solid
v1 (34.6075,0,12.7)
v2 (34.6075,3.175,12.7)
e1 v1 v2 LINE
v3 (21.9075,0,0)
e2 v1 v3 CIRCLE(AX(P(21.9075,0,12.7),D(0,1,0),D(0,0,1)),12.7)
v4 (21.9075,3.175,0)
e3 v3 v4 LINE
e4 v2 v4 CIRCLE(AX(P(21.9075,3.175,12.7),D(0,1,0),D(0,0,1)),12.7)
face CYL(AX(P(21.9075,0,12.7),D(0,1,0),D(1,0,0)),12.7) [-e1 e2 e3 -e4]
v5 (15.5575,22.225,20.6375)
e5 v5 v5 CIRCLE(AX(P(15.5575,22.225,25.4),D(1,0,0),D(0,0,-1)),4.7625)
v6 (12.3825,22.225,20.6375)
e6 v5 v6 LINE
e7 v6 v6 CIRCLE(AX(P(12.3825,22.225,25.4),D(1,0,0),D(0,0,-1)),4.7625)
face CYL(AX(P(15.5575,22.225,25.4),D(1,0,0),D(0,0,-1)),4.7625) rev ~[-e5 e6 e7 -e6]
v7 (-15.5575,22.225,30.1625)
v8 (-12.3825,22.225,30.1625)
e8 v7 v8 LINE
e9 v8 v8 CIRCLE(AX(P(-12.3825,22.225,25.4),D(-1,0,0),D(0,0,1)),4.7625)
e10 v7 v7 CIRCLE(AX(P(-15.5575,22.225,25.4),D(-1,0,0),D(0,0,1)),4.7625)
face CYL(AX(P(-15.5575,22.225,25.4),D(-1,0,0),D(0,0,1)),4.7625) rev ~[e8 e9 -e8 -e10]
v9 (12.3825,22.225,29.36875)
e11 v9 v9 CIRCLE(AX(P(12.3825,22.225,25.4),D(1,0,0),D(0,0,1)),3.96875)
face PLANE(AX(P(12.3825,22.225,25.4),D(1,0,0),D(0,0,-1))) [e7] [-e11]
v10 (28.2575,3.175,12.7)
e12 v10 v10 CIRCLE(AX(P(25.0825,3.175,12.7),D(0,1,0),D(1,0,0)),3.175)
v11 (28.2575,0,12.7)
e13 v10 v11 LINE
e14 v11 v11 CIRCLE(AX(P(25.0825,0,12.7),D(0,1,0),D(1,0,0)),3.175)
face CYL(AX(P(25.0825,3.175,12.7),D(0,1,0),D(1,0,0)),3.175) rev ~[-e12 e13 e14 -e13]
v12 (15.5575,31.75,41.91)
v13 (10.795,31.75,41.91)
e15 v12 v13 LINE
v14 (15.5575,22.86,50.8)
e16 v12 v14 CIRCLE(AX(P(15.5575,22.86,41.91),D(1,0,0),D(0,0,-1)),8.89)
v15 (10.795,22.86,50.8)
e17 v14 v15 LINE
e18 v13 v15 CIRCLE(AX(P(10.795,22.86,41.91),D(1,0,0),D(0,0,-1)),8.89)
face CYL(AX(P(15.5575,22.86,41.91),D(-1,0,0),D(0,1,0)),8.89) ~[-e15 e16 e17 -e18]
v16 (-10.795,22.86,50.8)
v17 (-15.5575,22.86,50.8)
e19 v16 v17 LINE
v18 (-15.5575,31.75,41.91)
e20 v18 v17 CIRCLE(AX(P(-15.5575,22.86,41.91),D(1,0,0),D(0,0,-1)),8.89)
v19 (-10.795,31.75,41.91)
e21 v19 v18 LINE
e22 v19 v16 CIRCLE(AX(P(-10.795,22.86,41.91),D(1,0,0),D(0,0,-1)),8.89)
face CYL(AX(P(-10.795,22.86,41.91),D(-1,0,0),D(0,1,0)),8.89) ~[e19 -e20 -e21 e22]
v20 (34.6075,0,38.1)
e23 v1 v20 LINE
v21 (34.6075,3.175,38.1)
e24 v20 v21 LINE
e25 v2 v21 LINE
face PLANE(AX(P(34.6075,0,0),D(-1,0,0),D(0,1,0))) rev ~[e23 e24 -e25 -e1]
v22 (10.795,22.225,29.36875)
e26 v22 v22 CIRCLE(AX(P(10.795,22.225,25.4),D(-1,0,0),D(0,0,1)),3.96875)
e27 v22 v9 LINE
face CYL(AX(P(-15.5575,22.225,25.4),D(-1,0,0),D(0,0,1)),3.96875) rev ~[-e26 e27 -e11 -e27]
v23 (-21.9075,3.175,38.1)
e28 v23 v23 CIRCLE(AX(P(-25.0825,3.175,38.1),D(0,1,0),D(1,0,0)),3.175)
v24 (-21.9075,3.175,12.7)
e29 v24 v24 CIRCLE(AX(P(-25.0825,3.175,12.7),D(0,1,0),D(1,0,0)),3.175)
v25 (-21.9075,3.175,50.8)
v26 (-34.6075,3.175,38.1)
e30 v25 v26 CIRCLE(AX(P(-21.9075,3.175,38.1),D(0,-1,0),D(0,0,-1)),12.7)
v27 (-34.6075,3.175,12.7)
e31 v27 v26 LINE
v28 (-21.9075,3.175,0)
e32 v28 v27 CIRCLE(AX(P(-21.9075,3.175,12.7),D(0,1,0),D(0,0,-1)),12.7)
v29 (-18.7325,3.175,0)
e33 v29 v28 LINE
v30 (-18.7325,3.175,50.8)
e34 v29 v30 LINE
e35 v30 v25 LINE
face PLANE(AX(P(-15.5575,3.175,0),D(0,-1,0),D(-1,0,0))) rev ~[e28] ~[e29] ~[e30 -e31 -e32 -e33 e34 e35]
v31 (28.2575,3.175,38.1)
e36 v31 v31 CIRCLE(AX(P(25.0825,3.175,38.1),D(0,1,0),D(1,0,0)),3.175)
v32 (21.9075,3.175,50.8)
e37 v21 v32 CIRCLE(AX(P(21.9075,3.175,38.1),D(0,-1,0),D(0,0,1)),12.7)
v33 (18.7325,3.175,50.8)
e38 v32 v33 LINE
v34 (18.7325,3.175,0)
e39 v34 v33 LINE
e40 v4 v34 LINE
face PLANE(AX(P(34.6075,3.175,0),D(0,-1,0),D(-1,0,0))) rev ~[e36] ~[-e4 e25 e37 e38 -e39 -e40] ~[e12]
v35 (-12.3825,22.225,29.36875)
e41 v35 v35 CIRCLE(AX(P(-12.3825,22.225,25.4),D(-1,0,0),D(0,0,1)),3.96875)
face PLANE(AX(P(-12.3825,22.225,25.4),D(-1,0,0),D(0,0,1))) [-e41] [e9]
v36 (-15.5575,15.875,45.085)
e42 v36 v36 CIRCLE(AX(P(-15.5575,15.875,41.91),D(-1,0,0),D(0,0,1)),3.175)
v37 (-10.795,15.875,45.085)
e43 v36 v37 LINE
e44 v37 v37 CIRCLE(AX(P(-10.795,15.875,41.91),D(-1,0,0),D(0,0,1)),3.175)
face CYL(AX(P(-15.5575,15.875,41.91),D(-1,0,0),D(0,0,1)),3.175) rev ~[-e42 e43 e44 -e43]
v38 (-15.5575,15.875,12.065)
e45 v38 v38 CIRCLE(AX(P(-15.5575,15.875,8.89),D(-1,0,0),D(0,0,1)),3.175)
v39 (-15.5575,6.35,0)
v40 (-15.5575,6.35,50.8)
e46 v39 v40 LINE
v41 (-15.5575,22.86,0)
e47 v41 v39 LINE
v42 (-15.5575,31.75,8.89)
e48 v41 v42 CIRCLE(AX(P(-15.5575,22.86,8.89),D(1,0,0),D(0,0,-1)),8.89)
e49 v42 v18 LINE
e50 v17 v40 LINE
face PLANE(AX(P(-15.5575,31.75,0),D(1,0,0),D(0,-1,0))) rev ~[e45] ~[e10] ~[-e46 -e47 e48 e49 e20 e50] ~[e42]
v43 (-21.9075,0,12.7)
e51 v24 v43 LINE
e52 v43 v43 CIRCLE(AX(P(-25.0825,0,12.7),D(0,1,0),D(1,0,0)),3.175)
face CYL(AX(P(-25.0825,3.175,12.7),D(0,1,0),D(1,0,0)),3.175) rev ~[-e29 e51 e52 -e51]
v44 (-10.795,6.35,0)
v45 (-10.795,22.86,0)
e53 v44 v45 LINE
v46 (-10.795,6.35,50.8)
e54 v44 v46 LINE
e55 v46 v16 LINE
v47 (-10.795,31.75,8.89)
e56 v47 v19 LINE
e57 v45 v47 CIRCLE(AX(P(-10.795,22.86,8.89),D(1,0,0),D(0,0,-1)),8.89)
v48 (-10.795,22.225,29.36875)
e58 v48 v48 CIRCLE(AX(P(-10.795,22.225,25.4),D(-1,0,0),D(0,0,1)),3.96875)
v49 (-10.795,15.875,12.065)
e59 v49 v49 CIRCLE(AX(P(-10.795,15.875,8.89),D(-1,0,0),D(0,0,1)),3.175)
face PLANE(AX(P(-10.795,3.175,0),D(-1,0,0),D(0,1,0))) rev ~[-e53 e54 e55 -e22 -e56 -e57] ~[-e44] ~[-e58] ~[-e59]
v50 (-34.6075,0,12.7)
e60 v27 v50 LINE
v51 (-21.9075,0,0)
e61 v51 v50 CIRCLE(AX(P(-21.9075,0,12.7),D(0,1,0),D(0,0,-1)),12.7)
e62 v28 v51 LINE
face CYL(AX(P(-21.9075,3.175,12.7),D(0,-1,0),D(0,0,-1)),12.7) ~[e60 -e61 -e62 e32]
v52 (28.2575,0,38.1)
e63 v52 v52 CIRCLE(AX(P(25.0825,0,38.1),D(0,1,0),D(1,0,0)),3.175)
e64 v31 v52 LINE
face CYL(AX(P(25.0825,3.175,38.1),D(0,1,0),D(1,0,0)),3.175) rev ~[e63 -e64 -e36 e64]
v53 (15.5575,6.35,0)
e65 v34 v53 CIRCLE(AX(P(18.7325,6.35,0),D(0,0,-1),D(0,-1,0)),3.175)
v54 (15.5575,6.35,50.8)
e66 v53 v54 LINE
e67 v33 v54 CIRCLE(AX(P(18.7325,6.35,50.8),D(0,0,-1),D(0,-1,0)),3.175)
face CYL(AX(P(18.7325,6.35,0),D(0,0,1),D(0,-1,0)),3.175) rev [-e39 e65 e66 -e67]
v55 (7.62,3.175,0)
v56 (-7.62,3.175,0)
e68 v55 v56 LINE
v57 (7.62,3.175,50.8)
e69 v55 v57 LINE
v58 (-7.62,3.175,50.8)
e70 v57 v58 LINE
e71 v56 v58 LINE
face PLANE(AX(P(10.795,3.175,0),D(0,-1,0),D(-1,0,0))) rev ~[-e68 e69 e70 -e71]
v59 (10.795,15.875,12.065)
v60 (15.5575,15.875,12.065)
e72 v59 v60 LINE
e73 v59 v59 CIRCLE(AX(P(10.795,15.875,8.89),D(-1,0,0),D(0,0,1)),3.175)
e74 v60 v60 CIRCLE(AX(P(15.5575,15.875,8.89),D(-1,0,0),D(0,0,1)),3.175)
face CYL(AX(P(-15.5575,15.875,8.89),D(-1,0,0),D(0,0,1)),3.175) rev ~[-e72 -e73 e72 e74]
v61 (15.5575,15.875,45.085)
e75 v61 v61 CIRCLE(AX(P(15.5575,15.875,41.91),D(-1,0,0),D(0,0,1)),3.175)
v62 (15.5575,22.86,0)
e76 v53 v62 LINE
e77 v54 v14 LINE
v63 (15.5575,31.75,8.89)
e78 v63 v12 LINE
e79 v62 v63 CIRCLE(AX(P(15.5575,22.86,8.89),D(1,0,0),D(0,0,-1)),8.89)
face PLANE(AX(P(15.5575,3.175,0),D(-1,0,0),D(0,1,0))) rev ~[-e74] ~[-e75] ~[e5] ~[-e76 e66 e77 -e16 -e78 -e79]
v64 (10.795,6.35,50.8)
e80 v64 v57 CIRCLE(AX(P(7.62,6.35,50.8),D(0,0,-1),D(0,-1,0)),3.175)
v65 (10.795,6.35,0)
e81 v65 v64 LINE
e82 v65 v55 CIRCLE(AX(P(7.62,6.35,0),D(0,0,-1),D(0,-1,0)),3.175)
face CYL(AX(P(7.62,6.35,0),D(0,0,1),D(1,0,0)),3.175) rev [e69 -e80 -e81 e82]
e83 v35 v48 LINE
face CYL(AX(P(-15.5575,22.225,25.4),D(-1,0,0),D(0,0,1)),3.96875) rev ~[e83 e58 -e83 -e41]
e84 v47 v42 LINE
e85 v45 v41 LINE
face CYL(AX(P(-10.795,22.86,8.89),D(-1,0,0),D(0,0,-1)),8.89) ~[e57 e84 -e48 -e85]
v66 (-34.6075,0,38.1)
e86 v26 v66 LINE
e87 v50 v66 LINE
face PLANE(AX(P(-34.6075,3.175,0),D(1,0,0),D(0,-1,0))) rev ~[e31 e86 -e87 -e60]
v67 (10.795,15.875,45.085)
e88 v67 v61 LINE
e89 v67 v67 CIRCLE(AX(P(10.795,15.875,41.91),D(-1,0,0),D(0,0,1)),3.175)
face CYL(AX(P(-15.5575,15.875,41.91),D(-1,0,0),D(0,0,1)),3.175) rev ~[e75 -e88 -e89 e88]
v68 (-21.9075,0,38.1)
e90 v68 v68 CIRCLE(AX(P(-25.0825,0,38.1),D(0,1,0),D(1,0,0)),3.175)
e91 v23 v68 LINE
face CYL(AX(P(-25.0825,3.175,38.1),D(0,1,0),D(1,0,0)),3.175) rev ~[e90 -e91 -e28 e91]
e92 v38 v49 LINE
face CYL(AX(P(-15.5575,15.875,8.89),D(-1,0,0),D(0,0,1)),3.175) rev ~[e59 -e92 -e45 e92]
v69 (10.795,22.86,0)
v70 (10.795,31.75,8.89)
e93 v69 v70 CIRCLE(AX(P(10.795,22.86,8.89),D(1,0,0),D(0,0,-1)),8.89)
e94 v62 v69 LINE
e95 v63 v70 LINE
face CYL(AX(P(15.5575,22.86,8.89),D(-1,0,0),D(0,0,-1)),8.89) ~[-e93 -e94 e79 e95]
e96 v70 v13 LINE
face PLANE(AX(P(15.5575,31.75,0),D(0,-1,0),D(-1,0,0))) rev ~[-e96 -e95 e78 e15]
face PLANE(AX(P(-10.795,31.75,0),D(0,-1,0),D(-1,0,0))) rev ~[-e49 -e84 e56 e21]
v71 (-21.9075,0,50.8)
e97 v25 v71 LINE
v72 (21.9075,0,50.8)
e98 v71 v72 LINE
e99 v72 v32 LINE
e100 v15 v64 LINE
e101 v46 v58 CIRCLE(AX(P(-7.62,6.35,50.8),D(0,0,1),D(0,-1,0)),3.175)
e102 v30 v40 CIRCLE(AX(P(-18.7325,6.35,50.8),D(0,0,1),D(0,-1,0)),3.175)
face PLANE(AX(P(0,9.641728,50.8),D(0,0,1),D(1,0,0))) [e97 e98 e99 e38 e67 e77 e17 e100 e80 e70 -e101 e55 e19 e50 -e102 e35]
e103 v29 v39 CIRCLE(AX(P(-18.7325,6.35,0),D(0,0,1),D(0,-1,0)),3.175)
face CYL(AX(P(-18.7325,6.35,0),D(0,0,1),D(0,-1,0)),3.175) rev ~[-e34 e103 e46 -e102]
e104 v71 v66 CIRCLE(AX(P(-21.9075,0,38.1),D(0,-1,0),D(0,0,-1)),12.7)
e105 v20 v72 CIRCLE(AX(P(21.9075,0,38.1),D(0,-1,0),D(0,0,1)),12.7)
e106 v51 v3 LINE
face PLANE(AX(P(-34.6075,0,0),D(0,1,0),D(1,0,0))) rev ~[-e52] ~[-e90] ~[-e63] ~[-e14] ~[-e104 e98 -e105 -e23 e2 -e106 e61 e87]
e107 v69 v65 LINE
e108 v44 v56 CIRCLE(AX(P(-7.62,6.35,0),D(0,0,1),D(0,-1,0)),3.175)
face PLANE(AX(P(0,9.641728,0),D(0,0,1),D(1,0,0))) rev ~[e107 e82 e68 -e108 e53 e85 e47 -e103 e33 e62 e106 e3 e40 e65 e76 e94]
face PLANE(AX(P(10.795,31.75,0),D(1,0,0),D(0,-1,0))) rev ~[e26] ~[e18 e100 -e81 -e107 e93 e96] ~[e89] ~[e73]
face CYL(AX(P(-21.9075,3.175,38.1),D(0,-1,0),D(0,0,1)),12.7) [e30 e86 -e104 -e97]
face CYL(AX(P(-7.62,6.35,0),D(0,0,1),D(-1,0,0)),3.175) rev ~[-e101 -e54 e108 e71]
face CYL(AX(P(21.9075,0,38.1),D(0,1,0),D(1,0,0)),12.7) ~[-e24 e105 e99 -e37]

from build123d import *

# Parameters (mm, degrees)
BOSS_EXTRUDE2_DEPTH = 50.8
SKETCH4_R           = 3.175
SKETCH4_R_2         = 3.96875
CUT_EXTRUDE1_DEPTH  = 79.13596947
SKETCH5_R           = 3.175
CUT_EXTRUDE2_DEPTH  = 68.785320544
SKETCH4_3_R         = 4.7625
SKETCH4_3_R_2       = 3.96875
CUT_EXTRUDE3_DEPTH  = 3.175
CUT_EXTRUDE4_START  = -3.175
SKETCH6_R           = 4.7625
SKETCH6_R_2         = 3.96875
CUT_EXTRUDE4_DEPTH  = 3.175
FILLET1_R           = 12.7
FILLET2_R           = 3.175
FILLET3_R           = 8.89


with BuildPart() as part:
    # Sketch3 → Boss-Extrude2 (new body)
    with BuildSketch(Plane.XY):
        Polygon((-34.6075, 0), (34.6075, 0), (34.6075, 3.175), (15.5575, 3.175), (15.5575, 31.75), (10.795, 31.75), (10.795, 3.175), (-10.795, 3.175), (-10.795, 31.75), (-15.5575, 31.75), (-15.5575, 3.175), (-34.6075, 3.175), align=None)
    extrude(amount=BOSS_EXTRUDE2_DEPTH)

    # Sketch4 → Cut-Extrude1 (cut, through all)
    with BuildSketch(Plane.ZY.offset(15.5575)):
        with Locations((8.89, 15.875)):
            Circle(SKETCH4_R)
        with Locations((41.91, 15.875)):
            Circle(SKETCH4_R)
        with Locations((25.4, 22.225)):
            Circle(SKETCH4_R_2)
    extrude(amount=-CUT_EXTRUDE1_DEPTH, mode=Mode.SUBTRACT)

    # Sketch5 → Cut-Extrude2 (cut, through all)
    with BuildSketch(Plane(origin=(0, 3.175, 0), x_dir=(1, 0, 0), z_dir=(0, 1, 0))):
        with Locations((-25.0825, -12.7)):
            Circle(SKETCH5_R)
        with Locations((-25.0825, -38.1)):
            Circle(SKETCH5_R)
        with Locations((25.0825, -12.7)):
            Circle(SKETCH5_R)
        with Locations((25.0825, -38.1)):
            Circle(SKETCH5_R)
    extrude(amount=-CUT_EXTRUDE2_DEPTH, mode=Mode.SUBTRACT)

    # Sketch4<3> → Cut-Extrude3 (cut)
    with BuildSketch(Plane.ZY.offset(15.5575)):
        with Locations((25.4, 22.225)):
            Circle(SKETCH4_3_R)
        with Locations((25.4, 22.225)):
            Circle(SKETCH4_3_R_2, mode=Mode.SUBTRACT)
    extrude(amount=-CUT_EXTRUDE3_DEPTH, mode=Mode.SUBTRACT)

    # Sketch6 → Cut-Extrude4 (cut)
    with BuildSketch(Plane(origin=(15.5575, 0, 0), x_dir=(0, 0, -1), z_dir=(1, 0, 0)).offset(CUT_EXTRUDE4_START)):
        with Locations((-25.4, 22.225)):
            Circle(SKETCH6_R)
        with Locations((-25.4, 22.225)):
            Circle(SKETCH6_R_2, mode=Mode.SUBTRACT)
    extrude(amount=CUT_EXTRUDE4_DEPTH, mode=Mode.SUBTRACT)

    # Fillet1
    fillet1_edges = [part.edges().sort_by_distance(p)[0] for p in [
        (34.6075, 1.5875, 0),
        (34.6075, 1.5875, 50.8),
        (-34.6075, 1.5875, 50.8),
        (-34.6075, 1.5875, 0),
    ]]
    fillet(fillet1_edges, radius=FILLET1_R)

    # Fillet2
    fillet2_edges = [part.edges().sort_by_distance(p)[0] for p in [
        (15.5575, 3.175, 25.4),
        (10.795, 3.175, 25.4),
        (-10.795, 3.175, 25.4),
        (-15.5575, 3.175, 25.4),
    ]]
    fillet(fillet2_edges, radius=FILLET2_R)

    # Fillet3
    fillet3_edges = [part.edges().sort_by_distance(p)[0] for p in [
        (-13.17625, 31.75, 50.8),
        (13.17625, 31.75, 50.8),
        (13.17625, 31.75, 0),
        (-13.17625, 31.75, 0),
    ]]
    fillet(fillet3_edges, radius=FILLET3_R)


solid = part.part
